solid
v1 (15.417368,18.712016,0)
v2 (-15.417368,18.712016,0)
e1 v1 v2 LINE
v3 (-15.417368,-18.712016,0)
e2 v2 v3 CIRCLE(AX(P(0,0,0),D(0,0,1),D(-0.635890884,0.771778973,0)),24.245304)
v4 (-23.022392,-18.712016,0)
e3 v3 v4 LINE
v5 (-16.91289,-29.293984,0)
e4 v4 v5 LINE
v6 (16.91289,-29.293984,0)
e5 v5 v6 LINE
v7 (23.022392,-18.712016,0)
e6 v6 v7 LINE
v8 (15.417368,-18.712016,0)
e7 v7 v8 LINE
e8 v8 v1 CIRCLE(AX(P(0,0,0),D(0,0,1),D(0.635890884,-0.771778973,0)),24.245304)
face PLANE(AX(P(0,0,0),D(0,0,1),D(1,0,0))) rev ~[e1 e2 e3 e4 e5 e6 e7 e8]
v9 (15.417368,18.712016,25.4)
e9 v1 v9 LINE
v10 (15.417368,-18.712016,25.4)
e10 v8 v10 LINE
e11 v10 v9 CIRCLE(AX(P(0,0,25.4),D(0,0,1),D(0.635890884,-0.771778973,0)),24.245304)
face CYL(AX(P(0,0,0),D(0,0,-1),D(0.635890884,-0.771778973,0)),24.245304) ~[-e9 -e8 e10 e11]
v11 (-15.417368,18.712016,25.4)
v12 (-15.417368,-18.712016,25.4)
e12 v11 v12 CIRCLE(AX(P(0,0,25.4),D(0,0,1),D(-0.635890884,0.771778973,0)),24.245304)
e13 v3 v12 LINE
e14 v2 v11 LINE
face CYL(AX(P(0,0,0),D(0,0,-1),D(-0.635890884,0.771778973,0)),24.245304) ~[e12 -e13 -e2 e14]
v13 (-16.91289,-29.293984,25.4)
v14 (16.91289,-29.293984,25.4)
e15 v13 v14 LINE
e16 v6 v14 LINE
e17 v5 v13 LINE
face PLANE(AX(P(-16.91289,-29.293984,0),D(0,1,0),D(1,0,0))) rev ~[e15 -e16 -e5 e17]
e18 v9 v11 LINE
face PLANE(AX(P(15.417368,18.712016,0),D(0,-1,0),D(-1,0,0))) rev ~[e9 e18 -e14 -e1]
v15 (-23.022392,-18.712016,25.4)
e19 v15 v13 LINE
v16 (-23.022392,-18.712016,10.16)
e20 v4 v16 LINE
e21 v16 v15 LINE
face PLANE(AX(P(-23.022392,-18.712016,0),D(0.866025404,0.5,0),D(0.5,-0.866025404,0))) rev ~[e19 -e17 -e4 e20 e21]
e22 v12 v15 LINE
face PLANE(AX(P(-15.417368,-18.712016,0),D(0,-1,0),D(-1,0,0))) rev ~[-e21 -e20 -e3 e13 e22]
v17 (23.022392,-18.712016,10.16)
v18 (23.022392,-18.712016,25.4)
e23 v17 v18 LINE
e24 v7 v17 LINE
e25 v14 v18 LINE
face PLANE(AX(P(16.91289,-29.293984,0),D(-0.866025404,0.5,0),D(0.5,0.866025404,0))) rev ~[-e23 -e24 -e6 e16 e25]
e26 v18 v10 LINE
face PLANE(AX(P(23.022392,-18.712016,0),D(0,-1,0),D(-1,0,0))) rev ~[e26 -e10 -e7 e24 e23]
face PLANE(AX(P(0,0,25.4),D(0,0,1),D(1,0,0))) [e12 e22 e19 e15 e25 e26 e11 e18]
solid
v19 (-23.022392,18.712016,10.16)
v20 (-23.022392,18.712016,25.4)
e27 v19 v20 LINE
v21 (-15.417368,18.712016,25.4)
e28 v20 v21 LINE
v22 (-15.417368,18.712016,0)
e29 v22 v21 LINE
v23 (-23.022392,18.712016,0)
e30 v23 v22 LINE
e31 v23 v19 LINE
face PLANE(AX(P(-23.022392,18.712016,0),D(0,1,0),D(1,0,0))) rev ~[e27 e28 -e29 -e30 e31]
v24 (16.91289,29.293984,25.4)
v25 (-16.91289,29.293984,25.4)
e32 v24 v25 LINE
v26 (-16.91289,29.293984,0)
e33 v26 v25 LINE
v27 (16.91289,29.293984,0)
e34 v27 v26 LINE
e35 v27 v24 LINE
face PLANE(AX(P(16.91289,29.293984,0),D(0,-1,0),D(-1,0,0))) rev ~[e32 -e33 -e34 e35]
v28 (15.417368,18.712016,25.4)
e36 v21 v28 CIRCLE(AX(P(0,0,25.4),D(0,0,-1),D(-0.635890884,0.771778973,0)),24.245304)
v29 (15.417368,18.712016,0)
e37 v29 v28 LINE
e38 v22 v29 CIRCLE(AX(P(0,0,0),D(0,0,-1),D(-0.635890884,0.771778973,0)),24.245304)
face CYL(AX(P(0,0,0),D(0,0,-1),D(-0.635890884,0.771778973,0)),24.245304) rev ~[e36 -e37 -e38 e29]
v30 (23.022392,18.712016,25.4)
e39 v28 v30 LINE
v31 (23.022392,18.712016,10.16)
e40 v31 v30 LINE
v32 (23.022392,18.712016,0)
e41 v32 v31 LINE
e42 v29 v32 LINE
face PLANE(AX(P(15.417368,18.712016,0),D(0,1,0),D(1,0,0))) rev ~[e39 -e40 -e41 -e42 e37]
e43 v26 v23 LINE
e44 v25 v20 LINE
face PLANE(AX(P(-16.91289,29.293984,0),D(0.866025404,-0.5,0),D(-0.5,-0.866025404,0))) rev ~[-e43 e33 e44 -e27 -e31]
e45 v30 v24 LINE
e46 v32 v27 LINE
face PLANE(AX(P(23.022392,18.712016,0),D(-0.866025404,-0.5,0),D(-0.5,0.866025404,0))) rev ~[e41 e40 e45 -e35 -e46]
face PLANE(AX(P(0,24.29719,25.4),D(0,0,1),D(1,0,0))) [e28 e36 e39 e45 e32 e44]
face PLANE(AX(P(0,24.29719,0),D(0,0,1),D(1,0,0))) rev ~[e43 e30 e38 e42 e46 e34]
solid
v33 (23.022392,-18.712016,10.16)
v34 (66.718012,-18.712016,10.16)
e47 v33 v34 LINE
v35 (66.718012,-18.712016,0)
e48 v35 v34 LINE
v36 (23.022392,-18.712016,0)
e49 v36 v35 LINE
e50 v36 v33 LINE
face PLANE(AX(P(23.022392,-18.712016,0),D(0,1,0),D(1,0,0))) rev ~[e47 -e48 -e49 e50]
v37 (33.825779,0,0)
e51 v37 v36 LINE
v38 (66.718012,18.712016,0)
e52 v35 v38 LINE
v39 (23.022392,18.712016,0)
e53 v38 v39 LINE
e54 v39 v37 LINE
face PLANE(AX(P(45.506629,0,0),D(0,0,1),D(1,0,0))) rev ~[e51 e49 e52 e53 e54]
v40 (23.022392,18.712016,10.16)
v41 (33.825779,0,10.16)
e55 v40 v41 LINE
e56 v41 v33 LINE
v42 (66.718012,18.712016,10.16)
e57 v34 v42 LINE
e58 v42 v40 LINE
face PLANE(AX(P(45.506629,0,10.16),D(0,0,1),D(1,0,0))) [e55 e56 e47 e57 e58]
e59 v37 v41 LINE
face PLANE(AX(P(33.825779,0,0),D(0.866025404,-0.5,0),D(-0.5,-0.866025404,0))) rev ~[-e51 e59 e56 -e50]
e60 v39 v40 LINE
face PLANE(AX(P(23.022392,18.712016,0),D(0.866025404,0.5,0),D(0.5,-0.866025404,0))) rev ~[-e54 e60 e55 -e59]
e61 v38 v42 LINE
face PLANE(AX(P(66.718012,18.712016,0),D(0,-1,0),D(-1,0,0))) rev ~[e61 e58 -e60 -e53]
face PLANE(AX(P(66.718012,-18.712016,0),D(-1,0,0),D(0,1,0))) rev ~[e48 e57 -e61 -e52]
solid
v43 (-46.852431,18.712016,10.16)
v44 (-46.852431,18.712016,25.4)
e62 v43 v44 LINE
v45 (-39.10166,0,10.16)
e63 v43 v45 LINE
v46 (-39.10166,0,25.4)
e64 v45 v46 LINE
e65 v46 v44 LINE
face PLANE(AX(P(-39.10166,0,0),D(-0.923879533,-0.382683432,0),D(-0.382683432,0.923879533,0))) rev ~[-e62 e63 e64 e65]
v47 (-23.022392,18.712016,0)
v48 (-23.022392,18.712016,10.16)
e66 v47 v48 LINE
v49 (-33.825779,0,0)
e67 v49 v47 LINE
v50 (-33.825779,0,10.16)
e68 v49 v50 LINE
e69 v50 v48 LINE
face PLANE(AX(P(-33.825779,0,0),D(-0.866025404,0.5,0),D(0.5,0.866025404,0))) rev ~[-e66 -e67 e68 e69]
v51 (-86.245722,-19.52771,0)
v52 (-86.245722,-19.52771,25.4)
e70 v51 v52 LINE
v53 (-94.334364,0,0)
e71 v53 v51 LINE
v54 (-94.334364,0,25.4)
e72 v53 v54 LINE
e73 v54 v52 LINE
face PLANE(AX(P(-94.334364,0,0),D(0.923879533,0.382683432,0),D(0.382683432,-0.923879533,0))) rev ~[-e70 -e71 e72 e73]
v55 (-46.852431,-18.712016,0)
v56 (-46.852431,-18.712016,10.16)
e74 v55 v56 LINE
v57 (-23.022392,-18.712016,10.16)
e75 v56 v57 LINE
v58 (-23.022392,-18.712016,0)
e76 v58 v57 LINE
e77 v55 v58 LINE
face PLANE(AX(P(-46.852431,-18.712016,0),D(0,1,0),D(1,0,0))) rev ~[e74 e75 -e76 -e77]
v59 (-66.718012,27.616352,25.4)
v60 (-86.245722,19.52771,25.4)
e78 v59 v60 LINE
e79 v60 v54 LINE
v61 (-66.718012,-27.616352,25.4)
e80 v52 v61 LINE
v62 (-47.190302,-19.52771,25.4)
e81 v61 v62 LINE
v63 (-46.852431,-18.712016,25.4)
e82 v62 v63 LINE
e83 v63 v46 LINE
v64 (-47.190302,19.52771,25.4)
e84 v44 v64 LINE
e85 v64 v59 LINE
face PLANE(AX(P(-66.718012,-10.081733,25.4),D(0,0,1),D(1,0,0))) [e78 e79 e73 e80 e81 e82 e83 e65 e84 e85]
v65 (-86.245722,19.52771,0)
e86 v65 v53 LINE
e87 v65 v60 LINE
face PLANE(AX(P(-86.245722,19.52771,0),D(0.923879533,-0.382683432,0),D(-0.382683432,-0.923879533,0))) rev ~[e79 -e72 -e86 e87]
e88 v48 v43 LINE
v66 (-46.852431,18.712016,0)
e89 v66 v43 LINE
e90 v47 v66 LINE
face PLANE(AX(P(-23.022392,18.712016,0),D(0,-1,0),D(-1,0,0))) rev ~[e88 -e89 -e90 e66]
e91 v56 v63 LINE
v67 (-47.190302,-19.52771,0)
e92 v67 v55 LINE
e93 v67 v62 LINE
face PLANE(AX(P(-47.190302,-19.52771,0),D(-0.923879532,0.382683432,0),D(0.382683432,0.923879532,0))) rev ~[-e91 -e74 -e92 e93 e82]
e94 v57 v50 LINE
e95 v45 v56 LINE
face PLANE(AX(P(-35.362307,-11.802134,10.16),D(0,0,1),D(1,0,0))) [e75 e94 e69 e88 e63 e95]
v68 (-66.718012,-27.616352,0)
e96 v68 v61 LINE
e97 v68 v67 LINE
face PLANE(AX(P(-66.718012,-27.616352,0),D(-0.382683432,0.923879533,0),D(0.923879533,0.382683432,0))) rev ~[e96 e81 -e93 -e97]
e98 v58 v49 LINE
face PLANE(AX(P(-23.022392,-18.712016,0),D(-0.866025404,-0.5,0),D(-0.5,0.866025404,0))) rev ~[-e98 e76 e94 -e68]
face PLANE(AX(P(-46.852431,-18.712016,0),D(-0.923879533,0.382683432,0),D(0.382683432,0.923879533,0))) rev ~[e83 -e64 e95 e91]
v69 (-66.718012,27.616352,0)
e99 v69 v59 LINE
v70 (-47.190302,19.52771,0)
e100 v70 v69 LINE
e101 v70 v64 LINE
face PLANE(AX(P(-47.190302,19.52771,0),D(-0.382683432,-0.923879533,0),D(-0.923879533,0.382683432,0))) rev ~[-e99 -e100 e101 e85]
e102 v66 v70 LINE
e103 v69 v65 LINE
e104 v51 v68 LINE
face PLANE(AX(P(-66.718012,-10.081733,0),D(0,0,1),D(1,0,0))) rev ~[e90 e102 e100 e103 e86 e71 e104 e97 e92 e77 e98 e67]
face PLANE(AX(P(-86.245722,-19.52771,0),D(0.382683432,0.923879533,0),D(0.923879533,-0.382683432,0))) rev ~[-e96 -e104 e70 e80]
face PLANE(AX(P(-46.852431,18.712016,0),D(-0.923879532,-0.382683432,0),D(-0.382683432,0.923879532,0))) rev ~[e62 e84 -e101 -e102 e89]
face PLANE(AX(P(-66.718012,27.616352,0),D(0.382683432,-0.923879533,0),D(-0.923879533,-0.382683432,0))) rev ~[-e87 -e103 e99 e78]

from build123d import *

# Parameters (mm, degrees)
F1_DEPTH = 10.16
F2_DEPTH = 25.4


with BuildPart() as f1:
    # F0 (on Top) → F1 (new body)
    with BuildSketch(Plane.XY):
        Polygon((-46.8524309846, -18.7120158225), (-23.0223919256, -18.7120158225), (-33.8257792978, 0), (-39.1016602516, 0), align=None)
        Polygon((-33.8257792978, 0), (-23.0223919256, 18.7120158225), (-46.8524309846, 18.7120158225), (-39.1016602516, 0), align=None)
    extrude(amount=F1_DEPTH)



with BuildPart() as f1b:
    # F0 (on Top) → F1, piece 2 (new body)
    with BuildSketch(Plane.XY):
        Polygon((66.7180120945, 18.7120158225), (23.0223919256, 18.7120158225), (33.8257792978, 0), (23.0223919256, -18.7120158225), (66.7180120945, -18.7120158225), align=None)
    extrude(amount=F1_DEPTH)


with BuildPart() as f1_1:
    add(f1.part)

    add(f1b.part)  # F2 merges F1b
    # F0 (on Top) → F2 (join)
    with BuildSketch(Plane.XY):
        Polygon((-47.1903024348, -19.5277096597), (-46.8524309846, -18.7120158225), (-39.1016602516, 0), (-94.0762732549, 0), (-94.3343639374, 0), (-86.2457217542, -19.5277096597), (-66.7180120945, -27.6163518429), align=None)
        Polygon((-39.1016602516, 0), (-46.8524309846, 18.7120158225), (-47.1903024348, 19.5277096597), (-66.7180120945, 27.6163518429), (-86.2457217542, 19.5277096597), (-94.3343639374, 0), (-94.0762732549, 0), align=None)
        with BuildLine():
            ThreePointArc((15.4173678053, -18.7120158225), (21.9275344664, -10.3449503823), (24.2453040028, 0))
            ThreePointArc((24.2453040028, 0), (21.9275344664, 10.3449503823), (15.4173678053, 18.7120158225))
            Line((15.4173678053, 18.7120158225), (-15.4173678053, 18.7120158225))
            ThreePointArc((-15.4173678053, 18.7120158225), (-21.9275344664, 10.3449503823), (-24.2453040028, 0))
            ThreePointArc((-24.2453040028, 0), (-21.9275344664, -10.3449503823), (-15.4173678053, -18.7120158225))
            Line((-15.4173678053, -18.7120158225), (15.4173678053, -18.7120158225))
        make_face()
        with BuildLine():
            ThreePointArc((-15.4173678053, -18.7120158225), (0, -24.2453040028), (15.4173678053, -18.7120158225))
            Line((15.4173678053, -18.7120158225), (-15.4173678053, -18.7120158225))
        make_face()
        with BuildLine():
            Line((23.0223919256, -18.7120158225), (15.4173678053, -18.7120158225))
            ThreePointArc((15.4173678053, -18.7120158225), (0, -24.2453040028), (-15.4173678053, -18.7120158225))
            Line((-15.4173678053, -18.7120158225), (-23.0223919256, -18.7120158225))
            Line((-23.0223919256, -18.7120158225), (-16.9128896489, -29.2939841747))
            Line((-16.9128896489, -29.2939841747), (16.9128896489, -29.2939841747))
            Line((16.9128896489, -29.2939841747), (23.0223919256, -18.7120158225))
        make_face()
        with BuildLine():
            ThreePointArc((-15.4173678053, 18.7120158225), (0, 24.2453040028), (15.4173678053, 18.7120158225))
            Line((15.4173678053, 18.7120158225), (23.0223919256, 18.7120158225))
            Line((23.0223919256, 18.7120158225), (16.9128896489, 29.2939841747))
            Line((16.9128896489, 29.2939841747), (-16.9128896489, 29.2939841747))
            Line((-16.9128896489, 29.2939841747), (-23.0223919256, 18.7120158225))
            Line((-23.0223919256, 18.7120158225), (-15.4173678053, 18.7120158225))
        make_face()
    extrude(amount=F2_DEPTH)


solid = f1_1.part
